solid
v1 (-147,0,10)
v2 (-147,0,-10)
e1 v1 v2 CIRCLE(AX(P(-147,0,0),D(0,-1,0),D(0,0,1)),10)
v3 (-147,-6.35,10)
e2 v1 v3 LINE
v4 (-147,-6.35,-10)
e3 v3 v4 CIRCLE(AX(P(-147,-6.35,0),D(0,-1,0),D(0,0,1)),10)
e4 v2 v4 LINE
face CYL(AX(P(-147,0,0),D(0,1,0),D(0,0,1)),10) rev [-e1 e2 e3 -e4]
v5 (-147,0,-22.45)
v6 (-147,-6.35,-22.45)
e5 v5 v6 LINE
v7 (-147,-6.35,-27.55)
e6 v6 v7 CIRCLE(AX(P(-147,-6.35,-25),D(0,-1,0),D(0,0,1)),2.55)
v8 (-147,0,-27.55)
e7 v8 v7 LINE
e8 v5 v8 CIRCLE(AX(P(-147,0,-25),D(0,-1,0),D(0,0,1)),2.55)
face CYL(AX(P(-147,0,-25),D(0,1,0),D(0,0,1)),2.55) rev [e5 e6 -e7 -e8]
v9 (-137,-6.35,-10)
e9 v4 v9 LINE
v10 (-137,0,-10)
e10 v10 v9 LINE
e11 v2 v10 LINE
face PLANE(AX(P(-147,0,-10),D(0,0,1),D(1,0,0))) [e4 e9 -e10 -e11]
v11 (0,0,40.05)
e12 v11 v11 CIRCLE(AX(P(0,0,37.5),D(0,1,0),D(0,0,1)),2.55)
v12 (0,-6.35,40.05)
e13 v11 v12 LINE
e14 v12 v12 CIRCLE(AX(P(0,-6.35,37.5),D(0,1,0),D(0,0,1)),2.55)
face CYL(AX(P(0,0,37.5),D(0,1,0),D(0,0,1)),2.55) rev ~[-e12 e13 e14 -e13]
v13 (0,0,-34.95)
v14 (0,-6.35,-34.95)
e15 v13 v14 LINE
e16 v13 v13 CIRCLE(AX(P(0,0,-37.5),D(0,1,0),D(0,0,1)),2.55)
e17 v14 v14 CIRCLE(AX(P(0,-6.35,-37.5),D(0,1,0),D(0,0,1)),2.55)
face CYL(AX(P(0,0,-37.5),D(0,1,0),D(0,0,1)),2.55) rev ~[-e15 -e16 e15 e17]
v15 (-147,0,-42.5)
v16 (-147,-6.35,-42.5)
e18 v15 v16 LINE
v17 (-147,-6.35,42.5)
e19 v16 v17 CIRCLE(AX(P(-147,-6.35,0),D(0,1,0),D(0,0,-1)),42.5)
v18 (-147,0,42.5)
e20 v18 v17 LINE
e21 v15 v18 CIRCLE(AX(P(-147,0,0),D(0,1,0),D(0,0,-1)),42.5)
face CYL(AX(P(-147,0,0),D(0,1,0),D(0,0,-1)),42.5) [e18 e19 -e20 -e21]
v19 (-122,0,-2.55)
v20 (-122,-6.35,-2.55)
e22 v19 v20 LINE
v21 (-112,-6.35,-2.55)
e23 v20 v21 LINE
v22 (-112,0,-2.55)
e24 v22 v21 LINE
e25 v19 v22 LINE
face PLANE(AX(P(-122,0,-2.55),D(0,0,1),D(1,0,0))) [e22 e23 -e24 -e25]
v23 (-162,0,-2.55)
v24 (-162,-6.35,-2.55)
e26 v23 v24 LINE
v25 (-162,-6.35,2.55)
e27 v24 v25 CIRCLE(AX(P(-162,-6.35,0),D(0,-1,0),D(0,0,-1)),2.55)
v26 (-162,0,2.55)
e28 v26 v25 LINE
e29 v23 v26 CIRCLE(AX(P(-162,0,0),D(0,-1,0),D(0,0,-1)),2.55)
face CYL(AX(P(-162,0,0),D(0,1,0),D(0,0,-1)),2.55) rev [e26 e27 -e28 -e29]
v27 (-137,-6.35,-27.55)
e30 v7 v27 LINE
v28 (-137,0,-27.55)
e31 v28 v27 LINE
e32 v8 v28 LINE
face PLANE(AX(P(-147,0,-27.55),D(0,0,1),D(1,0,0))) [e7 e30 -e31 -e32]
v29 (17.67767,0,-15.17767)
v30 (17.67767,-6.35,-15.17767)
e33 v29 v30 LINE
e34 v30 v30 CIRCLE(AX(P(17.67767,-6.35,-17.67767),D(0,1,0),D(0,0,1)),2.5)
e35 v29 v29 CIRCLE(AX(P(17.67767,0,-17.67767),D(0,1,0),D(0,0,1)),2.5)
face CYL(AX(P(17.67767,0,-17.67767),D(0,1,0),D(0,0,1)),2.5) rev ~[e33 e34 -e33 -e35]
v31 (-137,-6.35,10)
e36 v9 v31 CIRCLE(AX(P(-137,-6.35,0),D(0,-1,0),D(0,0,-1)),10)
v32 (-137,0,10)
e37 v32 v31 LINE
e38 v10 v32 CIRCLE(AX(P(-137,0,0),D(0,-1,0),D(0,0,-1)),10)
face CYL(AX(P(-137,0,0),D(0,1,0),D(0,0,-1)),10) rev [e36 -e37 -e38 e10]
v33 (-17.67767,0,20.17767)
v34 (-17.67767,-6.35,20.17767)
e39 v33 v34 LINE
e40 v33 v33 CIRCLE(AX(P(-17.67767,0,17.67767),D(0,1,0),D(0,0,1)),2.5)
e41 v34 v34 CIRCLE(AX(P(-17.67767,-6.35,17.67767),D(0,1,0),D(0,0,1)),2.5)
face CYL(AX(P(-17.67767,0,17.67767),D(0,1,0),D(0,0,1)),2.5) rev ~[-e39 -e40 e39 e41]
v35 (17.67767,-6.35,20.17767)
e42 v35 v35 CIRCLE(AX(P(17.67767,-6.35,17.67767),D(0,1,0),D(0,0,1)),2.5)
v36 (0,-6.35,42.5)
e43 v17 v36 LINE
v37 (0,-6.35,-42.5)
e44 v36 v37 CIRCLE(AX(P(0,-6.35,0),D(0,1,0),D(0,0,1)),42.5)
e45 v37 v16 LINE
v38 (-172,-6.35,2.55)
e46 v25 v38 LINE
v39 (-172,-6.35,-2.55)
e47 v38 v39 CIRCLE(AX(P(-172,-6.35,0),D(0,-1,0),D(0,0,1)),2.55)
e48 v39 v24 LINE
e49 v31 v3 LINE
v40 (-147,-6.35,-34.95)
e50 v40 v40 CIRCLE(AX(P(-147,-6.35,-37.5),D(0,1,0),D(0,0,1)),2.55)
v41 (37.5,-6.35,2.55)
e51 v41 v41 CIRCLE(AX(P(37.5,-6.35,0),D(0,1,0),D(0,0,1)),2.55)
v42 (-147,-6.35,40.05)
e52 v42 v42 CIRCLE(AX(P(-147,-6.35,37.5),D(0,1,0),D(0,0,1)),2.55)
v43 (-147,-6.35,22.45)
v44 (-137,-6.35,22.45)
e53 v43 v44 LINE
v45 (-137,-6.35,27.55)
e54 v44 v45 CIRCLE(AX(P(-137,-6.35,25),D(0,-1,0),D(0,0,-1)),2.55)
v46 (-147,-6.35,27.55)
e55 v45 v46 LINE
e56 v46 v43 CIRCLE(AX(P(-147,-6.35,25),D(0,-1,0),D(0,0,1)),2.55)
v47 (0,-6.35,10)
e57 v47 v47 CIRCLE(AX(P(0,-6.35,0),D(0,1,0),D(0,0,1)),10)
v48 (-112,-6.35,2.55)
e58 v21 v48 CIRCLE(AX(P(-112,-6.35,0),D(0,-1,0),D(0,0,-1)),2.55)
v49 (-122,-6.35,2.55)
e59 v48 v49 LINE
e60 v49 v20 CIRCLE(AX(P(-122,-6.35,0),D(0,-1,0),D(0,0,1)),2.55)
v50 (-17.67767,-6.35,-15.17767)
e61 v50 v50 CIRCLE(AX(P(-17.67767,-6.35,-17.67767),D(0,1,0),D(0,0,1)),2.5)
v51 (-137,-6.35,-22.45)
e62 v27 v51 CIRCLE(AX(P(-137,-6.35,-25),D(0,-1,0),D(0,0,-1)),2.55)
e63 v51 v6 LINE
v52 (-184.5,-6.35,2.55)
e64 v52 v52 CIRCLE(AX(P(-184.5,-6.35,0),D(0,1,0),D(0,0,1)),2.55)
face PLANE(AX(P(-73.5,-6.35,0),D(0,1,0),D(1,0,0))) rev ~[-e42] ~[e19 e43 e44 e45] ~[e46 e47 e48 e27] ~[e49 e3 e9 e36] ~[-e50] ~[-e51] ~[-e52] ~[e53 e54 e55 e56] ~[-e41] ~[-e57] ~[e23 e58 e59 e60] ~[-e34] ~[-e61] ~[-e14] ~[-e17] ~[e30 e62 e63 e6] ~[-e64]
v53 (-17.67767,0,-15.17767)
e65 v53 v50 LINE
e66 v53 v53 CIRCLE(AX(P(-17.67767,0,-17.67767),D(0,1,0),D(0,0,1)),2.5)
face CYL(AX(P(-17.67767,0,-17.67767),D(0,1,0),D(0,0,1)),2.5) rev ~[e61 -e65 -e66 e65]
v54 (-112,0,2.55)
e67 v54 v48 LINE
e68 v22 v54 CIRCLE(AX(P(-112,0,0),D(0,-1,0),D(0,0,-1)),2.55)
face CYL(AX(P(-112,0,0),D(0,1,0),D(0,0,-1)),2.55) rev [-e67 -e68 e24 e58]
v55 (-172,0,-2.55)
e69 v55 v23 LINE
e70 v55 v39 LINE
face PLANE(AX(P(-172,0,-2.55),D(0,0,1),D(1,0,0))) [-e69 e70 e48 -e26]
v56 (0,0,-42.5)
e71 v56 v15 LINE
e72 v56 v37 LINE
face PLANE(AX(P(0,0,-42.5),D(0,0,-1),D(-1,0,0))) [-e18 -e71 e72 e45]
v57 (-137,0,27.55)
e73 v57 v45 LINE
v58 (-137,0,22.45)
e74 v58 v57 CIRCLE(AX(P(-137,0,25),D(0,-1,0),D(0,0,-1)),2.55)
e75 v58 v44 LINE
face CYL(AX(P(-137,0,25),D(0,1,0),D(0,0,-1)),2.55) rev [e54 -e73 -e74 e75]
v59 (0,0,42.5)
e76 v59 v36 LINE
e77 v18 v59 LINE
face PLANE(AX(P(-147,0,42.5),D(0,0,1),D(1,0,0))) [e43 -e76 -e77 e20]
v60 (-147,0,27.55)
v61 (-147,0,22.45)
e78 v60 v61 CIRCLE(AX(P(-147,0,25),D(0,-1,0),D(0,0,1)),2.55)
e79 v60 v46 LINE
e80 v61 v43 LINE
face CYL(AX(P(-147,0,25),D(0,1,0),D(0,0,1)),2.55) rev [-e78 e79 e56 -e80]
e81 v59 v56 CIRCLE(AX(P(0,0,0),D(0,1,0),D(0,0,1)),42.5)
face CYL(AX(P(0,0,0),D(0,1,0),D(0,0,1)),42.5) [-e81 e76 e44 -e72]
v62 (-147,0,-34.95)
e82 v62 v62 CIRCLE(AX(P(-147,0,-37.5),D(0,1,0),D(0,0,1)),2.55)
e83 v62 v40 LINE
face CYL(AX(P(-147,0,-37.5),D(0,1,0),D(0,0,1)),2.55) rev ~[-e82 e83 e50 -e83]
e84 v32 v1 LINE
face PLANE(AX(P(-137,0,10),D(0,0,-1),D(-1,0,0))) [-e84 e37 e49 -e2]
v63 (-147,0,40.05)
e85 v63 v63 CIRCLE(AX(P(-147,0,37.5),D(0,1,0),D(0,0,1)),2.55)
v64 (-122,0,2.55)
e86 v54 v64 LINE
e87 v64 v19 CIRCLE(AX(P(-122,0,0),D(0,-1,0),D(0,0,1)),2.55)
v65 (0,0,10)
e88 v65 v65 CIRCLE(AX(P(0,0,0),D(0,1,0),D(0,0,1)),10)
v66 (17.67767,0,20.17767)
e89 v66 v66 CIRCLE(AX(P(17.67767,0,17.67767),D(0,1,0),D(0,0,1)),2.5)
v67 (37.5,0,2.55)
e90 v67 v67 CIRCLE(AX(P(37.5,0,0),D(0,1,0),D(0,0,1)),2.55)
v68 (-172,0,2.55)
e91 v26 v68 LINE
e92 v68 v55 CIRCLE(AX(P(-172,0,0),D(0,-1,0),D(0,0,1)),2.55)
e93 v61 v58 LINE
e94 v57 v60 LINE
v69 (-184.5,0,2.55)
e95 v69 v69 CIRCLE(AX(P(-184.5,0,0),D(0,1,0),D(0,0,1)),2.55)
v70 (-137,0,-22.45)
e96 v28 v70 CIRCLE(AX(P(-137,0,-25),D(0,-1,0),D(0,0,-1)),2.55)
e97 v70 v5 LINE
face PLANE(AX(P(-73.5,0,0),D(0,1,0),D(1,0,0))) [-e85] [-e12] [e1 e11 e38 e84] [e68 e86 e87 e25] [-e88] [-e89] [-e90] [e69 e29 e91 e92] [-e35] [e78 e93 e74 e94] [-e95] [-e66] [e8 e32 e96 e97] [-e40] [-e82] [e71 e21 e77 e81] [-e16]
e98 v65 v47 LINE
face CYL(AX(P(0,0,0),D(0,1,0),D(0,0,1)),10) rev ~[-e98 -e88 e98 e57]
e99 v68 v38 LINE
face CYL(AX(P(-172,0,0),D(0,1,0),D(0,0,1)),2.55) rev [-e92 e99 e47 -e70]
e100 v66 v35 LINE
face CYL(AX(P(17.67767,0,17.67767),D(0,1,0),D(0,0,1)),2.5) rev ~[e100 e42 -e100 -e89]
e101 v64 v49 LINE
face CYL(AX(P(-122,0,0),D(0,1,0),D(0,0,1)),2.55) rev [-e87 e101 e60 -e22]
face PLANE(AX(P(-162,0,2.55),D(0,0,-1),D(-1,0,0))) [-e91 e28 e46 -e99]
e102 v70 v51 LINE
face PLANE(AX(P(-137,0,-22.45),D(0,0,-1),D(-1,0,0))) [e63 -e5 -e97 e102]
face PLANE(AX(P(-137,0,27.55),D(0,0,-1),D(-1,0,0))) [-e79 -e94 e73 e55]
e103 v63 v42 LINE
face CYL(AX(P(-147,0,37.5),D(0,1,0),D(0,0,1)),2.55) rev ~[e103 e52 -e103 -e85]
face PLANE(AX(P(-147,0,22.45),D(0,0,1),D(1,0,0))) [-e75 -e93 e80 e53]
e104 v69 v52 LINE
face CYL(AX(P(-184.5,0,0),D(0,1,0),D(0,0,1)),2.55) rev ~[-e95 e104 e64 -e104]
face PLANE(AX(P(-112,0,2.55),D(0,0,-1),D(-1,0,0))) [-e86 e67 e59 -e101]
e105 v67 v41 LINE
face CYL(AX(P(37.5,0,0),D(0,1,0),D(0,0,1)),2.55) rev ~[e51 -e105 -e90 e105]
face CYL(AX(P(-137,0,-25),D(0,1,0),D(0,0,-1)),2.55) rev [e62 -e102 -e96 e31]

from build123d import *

# Parameters (mm, degrees)
SKETCH1_R           = 2.55
SKETCH1_R_2         = 2.5
SKETCH1_R_3         = 10
BOSS_EXTRUDE1_DEPTH = 6.35


with BuildPart() as part:
    # Sketch1 → Boss-Extrude1 (new body)
    with BuildSketch(Plane(origin=(0, 0, 0), x_dir=(1, 0, 0), z_dir=(0, 1, 0))):
        with BuildLine():
            Line((0, 42.5), (-147, 42.5))
            ThreePointArc((-147, 42.5), (-189.5, 0), (-147, -42.5))
            Line((-147, -42.5), (0, -42.5))
            ThreePointArc((0, -42.5), (42.5, 0), (0, 42.5))
        make_face()
        with BuildLine():
            Line((-147, 27.55), (-137, 27.55))
            ThreePointArc((-137, 27.55), (-134.45, 25), (-137, 22.45))
            Line((-137, 22.45), (-147, 22.45))
            ThreePointArc((-147, 22.45), (-149.55, 25), (-147, 27.55))
        make_face(mode=Mode.SUBTRACT)
        with Locations(Location((-147, 37.5, 0), (0, 0, 270))):
            Circle(SKETCH1_R, mode=Mode.SUBTRACT)
        with Locations(Location((-147, -37.5, 0), (0, 0, 270))):
            Circle(SKETCH1_R, mode=Mode.SUBTRACT)
        with BuildLine():
            ThreePointArc((-147, -27.55), (-149.55, -25), (-147, -22.45))
            Line((-147, -22.45), (-137, -22.45))
            ThreePointArc((-137, -22.45), (-134.45, -25), (-137, -27.55))
            Line((-137, -27.55), (-147, -27.55))
        make_face(mode=Mode.SUBTRACT)
        with Locations(Location((-184.5, 0, 0), (0, 0, 270))):
            Circle(SKETCH1_R, mode=Mode.SUBTRACT)
        with BuildLine():
            ThreePointArc((-172, -2.55), (-174.55, 0), (-172, 2.55))
            Line((-172, 2.55), (-162, 2.55))
            ThreePointArc((-162, 2.55), (-159.45, 0), (-162, -2.55))
            Line((-162, -2.55), (-172, -2.55))
        make_face(mode=Mode.SUBTRACT)
        with BuildLine():
            ThreePointArc((-147, -10), (-157, 0), (-147, 10))
            Line((-147, 10), (-137, 10))
            ThreePointArc((-137, 10), (-127, 0), (-137, -10))
            Line((-137, -10), (-147, -10))
        make_face(mode=Mode.SUBTRACT)
        with BuildLine():
            ThreePointArc((-122, -2.55), (-124.55, 0), (-122, 2.55))
            Line((-122, 2.55), (-112, 2.55))
            ThreePointArc((-112, 2.55), (-109.45, 0), (-112, -2.55))
            Line((-112, -2.55), (-122, -2.55))
        make_face(mode=Mode.SUBTRACT)
        with Locations(Location((0, 37.5, 0), (0, 0, 270))):
            Circle(SKETCH1_R, mode=Mode.SUBTRACT)
        with Locations(Location((0, -37.5, 0), (0, 0, 270))):
            Circle(SKETCH1_R, mode=Mode.SUBTRACT)
        with Locations(Location((-17.67766953, -17.67766953, 0), (0, 0, 270))):
            Circle(SKETCH1_R_2, mode=Mode.SUBTRACT)
        with Locations(Location((17.67766953, -17.67766953, 0), (0, 0, 270))):
            Circle(SKETCH1_R_2, mode=Mode.SUBTRACT)
        with Locations(Location((-17.67766953, 17.67766953, 0), (0, 0, 270))):
            Circle(SKETCH1_R_2, mode=Mode.SUBTRACT)
        with Locations(Location((0, 0, 0), (0, 0, 270))):
            Circle(SKETCH1_R_3, mode=Mode.SUBTRACT)
        with Locations(Location((37.5, 0, 0), (0, 0, 270))):
            Circle(SKETCH1_R, mode=Mode.SUBTRACT)
        with Locations(Location((17.67766953, 17.67766953, 0), (0, 0, 270))):
            Circle(SKETCH1_R_2, mode=Mode.SUBTRACT)
    extrude(amount=-BOSS_EXTRUDE1_DEPTH)


solid = part.part
